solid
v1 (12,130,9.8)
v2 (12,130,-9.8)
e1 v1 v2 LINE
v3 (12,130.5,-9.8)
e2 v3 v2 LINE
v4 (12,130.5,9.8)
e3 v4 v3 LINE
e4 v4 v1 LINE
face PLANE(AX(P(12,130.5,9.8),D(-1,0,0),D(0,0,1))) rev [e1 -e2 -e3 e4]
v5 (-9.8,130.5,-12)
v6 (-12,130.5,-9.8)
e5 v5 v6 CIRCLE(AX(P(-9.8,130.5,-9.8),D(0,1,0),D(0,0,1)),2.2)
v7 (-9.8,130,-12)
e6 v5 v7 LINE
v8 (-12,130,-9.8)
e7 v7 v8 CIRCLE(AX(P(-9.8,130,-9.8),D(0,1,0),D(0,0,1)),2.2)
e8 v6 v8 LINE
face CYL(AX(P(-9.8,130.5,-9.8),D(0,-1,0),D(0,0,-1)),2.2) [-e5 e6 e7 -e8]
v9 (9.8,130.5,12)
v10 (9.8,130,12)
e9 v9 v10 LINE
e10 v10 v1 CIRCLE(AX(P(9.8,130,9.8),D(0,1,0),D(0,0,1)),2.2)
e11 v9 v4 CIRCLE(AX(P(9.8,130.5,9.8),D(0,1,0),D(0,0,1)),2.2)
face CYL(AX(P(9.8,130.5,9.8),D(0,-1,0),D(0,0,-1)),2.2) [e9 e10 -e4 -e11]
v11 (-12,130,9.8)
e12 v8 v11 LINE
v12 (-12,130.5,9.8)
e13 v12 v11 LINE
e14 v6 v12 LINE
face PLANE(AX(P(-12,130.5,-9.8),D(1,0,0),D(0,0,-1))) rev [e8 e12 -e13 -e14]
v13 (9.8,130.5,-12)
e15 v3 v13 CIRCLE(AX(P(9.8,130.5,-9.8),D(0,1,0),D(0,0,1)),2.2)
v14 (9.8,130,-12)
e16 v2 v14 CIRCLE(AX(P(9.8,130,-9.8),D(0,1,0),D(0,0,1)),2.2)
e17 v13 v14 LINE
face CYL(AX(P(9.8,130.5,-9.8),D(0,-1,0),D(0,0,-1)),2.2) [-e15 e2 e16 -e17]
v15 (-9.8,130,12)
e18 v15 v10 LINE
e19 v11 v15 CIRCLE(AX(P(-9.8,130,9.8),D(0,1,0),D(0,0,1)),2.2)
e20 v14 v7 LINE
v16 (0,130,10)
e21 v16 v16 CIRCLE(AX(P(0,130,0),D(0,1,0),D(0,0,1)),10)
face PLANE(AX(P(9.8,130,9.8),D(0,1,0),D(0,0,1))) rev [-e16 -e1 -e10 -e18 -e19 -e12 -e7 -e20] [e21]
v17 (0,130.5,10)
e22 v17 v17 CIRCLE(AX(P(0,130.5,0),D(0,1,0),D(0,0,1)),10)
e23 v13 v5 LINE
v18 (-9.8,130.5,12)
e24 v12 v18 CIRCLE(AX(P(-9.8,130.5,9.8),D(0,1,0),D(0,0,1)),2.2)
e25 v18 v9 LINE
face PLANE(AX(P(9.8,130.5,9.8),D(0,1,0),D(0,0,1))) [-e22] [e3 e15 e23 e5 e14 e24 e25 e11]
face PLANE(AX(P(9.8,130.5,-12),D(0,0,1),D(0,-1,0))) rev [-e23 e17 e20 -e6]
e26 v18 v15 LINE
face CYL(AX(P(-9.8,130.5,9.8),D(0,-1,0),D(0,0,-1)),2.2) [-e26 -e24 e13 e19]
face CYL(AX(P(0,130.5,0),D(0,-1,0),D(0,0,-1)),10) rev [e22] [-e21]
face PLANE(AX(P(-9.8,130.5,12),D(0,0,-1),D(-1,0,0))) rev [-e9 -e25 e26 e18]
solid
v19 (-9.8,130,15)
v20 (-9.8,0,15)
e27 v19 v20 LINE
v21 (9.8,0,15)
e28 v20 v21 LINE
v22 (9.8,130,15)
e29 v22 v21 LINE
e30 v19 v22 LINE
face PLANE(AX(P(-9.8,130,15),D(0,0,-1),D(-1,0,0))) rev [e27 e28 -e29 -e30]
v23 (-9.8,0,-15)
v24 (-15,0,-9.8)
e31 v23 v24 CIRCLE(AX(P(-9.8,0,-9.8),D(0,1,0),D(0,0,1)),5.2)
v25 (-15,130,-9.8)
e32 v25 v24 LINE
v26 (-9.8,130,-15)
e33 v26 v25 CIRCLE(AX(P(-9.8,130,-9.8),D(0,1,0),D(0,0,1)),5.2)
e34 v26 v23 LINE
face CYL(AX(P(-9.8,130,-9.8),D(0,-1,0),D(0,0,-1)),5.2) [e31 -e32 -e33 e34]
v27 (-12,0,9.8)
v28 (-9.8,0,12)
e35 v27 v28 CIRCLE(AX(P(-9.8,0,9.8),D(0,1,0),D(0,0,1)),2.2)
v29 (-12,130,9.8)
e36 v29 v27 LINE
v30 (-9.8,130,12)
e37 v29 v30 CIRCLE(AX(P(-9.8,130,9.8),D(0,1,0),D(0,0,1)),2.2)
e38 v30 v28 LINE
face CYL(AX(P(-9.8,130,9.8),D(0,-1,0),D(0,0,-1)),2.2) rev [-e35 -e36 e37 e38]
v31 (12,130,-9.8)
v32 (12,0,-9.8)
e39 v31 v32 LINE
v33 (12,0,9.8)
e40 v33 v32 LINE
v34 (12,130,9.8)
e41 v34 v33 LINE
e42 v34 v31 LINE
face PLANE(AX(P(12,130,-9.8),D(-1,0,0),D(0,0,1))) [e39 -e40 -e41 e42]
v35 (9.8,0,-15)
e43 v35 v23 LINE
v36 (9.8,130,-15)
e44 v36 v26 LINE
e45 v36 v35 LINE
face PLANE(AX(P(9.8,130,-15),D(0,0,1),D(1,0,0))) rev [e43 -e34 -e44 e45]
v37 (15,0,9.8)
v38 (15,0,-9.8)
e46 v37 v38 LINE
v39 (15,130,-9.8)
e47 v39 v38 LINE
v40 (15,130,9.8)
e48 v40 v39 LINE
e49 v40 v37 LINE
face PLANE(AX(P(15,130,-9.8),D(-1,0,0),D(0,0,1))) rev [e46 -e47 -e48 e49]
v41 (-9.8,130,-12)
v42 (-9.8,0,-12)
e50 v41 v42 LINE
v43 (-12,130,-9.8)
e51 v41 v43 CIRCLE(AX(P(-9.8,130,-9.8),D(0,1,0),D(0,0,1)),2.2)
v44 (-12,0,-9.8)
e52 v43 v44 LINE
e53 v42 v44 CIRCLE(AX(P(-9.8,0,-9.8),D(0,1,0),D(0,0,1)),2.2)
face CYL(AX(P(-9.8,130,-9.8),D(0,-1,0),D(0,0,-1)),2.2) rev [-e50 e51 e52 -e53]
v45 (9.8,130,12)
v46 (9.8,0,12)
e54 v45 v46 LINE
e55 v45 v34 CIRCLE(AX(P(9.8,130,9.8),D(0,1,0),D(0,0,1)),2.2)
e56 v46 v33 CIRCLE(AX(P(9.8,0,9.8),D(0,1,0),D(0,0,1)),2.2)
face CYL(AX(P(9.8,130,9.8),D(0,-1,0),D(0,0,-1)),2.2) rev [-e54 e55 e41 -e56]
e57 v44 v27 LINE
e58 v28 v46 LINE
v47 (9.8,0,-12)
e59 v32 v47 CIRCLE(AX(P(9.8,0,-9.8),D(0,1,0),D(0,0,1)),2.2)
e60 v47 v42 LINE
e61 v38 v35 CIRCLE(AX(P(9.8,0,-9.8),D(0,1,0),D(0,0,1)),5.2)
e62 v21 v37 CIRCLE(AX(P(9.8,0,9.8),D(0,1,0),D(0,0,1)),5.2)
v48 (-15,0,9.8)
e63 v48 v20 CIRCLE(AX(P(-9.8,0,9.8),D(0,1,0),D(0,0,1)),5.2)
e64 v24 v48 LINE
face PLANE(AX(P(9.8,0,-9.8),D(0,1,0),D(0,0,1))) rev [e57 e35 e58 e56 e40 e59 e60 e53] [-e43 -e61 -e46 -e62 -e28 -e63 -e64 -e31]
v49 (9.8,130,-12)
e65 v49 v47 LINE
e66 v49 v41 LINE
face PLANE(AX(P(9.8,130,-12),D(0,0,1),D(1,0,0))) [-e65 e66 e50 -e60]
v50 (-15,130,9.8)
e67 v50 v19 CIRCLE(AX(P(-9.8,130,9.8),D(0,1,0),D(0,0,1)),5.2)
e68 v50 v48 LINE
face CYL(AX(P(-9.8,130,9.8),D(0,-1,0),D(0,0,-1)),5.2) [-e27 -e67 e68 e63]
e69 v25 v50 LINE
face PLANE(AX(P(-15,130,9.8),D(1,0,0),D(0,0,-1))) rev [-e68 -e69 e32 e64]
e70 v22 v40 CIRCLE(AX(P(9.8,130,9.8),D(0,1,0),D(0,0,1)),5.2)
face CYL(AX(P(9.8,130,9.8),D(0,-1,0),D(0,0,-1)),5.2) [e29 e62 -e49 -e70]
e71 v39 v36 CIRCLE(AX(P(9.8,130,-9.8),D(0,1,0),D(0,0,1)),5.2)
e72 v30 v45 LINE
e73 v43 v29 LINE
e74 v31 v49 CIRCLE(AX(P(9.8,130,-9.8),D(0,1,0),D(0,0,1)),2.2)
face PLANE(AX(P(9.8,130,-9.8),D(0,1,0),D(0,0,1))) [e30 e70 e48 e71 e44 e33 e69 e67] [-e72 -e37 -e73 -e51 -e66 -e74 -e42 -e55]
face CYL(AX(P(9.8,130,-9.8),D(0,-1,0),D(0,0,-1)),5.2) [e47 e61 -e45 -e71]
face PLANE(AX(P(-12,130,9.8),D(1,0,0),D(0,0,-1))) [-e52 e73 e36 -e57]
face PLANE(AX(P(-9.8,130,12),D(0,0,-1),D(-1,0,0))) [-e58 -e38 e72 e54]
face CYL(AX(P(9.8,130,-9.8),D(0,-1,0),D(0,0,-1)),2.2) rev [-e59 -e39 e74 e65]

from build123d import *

# Parameters (mm, degrees)
SQUARE_TUBE_30_X_30_X_2_6_1_DEPTH = 130
SKETCH13_R                        = 10
BOSS_EXTRUDE1_DEPTH               = 0.5


with BuildPart() as part:
    # Sketch12 → Square tube 30 X 30 X 2.6(1) (new body)
    with BuildSketch(Plane(origin=(0, 0, 0), x_dir=(1, 0, 0), z_dir=(0, 1, 0))):
        with BuildLine():
            Line((-9.8, -15), (9.8, -15))
            ThreePointArc((9.8, -15), (13.476955262, -13.476955262), (15, -9.8))
            Line((15, -9.8), (15, 9.8))
            ThreePointArc((15, 9.8), (13.476955262, 13.476955262), (9.8, 15))
            Line((9.8, 15), (-9.8, 15))
            ThreePointArc((-9.8, 15), (-13.476955262, 13.476955262), (-15, 9.8))
            Line((-15, 9.8), (-15, -9.8))
            ThreePointArc((-15, -9.8), (-13.476955262, -13.476955262), (-9.8, -15))
        make_face()
        with BuildLine():
            Line((-9.8, -12), (9.8, -12))
            ThreePointArc((9.8, -12), (11.355634919, -11.355634919), (12, -9.8))
            Line((12, -9.8), (12, 9.8))
            ThreePointArc((12, 9.8), (11.355634919, 11.355634919), (9.8, 12))
            Line((9.8, 12), (-9.8, 12))
            ThreePointArc((-9.8, 12), (-11.355634919, 11.355634919), (-12, 9.8))
            Line((-12, 9.8), (-12, -9.8))
            ThreePointArc((-12, -9.8), (-11.355634919, -11.355634919), (-9.8, -12))
        make_face(mode=Mode.SUBTRACT)
    extrude(amount=SQUARE_TUBE_30_X_30_X_2_6_1_DEPTH)


with BuildPart() as body_2:
    # Sketch13 → Boss-Extrude1 (new body)
    with BuildSketch(Plane(origin=(0, 130, 0), x_dir=(1, 0, 0), z_dir=(0, 1, 0))):
        with BuildLine():
            Line((12, -9.8), (12, 9.8))
            ThreePointArc((12, 9.8), (11.355634919, 11.355634919), (9.8, 12))
            Line((9.8, 12), (-9.8, 12))
            ThreePointArc((-9.8, 12), (-11.355634919, 11.355634919), (-12, 9.8))
            Line((-12, 9.8), (-12, -9.8))
            ThreePointArc((-12, -9.8), (-11.355634919, -11.355634919), (-9.8, -12))
            Line((-9.8, -12), (9.8, -12))
            ThreePointArc((9.8, -12), (11.355634919, -11.355634919), (12, -9.8))
        make_face()
        with Locations(Location((0, 0, 0), (0, 0, 270))):
            Circle(SKETCH13_R, mode=Mode.SUBTRACT)
    extrude(amount=BOSS_EXTRUDE1_DEPTH)


solid = Compound([part.part, body_2.part])
